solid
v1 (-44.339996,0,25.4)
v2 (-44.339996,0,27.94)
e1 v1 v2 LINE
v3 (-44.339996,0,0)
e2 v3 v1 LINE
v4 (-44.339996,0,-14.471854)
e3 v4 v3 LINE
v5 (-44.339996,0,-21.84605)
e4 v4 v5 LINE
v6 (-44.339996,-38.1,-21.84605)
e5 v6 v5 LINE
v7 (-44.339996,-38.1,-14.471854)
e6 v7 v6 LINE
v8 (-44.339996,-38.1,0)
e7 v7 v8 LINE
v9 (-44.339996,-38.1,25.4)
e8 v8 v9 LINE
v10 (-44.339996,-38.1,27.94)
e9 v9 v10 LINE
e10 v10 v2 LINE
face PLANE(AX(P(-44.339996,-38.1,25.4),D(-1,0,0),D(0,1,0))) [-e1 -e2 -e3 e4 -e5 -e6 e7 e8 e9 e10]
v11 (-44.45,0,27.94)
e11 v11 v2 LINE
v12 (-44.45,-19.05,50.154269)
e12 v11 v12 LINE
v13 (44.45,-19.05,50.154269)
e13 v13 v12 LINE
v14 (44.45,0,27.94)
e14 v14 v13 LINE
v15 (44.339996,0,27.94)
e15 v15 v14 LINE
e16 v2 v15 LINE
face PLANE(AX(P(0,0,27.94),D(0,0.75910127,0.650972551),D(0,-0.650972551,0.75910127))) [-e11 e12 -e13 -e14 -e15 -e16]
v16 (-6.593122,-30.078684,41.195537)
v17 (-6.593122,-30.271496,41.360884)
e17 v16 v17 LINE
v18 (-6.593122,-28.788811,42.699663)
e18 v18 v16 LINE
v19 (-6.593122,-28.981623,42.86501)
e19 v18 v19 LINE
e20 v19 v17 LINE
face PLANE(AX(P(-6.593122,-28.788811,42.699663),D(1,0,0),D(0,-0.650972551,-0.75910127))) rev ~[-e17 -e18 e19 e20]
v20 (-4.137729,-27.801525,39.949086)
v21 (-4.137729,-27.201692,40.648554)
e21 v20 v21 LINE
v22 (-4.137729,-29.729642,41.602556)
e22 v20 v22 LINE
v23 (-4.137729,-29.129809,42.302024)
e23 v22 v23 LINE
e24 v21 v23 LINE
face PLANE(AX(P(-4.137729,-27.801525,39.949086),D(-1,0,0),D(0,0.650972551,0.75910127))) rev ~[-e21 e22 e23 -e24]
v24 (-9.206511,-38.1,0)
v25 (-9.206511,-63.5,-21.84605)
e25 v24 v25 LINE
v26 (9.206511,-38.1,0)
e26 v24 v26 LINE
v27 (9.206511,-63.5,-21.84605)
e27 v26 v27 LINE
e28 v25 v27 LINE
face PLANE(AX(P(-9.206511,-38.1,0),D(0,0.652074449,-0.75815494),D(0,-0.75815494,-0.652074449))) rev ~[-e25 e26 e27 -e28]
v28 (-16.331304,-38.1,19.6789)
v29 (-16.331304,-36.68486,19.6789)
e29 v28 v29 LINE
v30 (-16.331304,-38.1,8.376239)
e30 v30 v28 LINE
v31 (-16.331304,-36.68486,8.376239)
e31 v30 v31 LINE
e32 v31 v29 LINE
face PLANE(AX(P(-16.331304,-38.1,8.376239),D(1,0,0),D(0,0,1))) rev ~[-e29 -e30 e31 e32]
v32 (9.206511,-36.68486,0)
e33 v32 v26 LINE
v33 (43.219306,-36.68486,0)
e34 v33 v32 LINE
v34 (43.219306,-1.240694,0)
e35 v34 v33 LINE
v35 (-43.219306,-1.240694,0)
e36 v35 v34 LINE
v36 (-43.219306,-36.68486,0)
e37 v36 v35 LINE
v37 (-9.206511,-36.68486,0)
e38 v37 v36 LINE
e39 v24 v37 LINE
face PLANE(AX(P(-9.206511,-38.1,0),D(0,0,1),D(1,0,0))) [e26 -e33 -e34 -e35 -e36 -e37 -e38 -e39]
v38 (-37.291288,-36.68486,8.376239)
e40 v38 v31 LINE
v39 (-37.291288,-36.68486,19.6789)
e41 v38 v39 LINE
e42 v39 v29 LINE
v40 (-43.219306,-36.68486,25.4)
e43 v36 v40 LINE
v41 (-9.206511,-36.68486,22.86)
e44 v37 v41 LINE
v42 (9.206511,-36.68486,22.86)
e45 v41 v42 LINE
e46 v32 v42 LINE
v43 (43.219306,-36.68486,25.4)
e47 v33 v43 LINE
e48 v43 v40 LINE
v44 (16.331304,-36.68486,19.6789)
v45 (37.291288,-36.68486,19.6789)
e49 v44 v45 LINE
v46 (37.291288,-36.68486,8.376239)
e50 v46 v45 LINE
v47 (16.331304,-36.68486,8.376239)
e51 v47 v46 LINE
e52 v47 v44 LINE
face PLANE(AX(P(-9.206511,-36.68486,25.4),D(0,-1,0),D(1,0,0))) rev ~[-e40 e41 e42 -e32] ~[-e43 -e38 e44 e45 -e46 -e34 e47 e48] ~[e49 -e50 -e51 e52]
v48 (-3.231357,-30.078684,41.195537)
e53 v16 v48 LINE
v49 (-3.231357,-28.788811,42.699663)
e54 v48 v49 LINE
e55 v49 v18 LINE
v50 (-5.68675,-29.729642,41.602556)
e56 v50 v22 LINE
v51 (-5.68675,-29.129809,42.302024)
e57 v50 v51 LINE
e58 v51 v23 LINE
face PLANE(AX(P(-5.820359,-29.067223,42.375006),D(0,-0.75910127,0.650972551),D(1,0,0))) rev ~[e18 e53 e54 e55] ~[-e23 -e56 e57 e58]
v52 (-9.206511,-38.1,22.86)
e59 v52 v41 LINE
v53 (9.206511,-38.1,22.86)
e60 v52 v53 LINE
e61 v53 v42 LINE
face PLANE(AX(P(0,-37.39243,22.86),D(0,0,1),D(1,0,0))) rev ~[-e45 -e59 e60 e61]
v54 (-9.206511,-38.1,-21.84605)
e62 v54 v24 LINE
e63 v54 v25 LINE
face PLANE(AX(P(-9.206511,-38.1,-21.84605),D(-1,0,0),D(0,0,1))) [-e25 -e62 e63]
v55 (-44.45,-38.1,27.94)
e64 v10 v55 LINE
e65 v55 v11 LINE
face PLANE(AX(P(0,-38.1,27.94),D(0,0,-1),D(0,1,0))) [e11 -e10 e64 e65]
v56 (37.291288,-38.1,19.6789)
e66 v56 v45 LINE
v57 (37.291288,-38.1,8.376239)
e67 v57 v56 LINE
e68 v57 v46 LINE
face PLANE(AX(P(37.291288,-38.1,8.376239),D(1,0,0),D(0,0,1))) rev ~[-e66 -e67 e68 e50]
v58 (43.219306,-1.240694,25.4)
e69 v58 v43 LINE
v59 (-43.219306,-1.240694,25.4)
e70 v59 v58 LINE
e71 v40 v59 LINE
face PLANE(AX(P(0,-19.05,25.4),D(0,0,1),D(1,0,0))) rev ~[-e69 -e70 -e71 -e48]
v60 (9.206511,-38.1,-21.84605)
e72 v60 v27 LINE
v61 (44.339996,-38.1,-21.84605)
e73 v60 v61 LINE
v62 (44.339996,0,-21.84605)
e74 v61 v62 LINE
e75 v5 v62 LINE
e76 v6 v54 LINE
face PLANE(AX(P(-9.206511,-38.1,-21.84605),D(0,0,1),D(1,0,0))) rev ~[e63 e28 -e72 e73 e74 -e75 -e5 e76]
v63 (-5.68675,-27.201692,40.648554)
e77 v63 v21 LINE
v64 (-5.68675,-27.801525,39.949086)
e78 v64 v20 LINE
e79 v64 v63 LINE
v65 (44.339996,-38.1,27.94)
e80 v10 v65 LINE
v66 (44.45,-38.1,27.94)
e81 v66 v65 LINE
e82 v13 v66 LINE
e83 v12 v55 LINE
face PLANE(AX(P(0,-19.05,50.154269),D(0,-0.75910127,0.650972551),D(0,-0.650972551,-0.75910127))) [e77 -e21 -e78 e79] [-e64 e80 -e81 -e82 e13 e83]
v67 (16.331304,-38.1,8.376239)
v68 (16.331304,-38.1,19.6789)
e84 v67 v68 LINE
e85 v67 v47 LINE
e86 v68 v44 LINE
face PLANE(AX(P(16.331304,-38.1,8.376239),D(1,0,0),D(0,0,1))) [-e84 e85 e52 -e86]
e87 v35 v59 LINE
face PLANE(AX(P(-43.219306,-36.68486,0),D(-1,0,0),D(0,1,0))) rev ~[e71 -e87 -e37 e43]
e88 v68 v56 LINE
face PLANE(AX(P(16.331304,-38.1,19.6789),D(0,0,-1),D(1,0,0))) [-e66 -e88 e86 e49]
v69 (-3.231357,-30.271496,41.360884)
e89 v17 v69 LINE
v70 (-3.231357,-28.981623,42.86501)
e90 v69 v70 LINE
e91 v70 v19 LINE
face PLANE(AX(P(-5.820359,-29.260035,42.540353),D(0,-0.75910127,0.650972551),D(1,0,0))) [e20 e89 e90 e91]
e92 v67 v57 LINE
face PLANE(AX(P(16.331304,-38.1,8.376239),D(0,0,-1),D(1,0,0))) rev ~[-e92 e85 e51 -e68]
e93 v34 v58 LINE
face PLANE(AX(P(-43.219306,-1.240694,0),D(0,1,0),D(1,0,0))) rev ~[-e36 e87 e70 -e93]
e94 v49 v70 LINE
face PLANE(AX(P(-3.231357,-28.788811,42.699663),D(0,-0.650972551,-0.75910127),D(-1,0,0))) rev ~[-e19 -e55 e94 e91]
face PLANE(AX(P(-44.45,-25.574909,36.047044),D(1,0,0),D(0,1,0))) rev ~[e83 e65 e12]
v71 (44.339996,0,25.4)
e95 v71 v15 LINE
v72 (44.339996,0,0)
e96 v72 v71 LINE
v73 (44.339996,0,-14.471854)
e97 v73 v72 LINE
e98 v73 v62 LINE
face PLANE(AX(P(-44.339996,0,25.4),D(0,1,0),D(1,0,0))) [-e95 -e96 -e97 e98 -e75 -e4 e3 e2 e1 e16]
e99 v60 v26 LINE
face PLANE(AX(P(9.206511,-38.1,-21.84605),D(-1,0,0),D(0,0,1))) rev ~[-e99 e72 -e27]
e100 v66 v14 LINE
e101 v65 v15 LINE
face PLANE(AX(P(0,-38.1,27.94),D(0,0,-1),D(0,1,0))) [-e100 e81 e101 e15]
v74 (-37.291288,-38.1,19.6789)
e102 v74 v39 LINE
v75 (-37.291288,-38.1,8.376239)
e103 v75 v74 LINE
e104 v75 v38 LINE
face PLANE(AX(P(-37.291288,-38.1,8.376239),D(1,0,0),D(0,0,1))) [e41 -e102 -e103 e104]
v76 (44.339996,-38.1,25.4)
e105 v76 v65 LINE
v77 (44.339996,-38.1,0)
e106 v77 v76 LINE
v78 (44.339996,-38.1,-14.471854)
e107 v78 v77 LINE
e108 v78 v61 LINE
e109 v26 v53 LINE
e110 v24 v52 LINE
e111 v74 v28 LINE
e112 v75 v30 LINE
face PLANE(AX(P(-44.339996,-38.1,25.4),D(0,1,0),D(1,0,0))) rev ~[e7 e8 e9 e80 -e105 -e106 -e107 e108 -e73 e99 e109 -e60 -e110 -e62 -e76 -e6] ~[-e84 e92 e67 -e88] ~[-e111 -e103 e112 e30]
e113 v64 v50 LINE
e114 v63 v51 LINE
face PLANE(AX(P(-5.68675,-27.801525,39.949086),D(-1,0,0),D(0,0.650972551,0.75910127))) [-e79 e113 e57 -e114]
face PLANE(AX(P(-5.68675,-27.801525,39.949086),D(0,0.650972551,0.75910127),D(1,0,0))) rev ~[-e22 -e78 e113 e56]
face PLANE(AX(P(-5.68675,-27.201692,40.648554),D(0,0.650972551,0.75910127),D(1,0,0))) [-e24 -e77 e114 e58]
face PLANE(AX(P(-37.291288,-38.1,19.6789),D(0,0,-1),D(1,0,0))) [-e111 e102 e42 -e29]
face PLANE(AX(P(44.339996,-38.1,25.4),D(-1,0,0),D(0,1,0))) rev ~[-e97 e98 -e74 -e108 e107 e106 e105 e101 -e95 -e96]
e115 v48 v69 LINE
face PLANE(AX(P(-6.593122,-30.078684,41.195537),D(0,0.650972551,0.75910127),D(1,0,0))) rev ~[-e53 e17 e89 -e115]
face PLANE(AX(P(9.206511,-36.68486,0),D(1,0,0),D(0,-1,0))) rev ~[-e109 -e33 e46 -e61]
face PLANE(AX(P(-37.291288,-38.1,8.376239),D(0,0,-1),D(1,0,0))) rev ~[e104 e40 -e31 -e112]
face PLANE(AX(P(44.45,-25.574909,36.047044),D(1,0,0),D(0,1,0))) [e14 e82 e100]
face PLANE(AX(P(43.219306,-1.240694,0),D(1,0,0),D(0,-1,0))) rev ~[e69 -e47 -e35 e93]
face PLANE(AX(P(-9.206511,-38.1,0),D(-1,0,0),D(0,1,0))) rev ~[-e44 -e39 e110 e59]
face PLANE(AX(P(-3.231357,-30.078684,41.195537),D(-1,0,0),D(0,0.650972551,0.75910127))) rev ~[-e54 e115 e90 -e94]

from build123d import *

# Parameters (mm, degrees)
F0_W      = 44.3399958313
F0_H      = 14.4718540832
F1_DEPTH  = 38.1
F2_W      = 34.0127944946
F2_H      = 1.2406939641
F2_W_2    = 18.4130221605
F3_DEPTH  = 25.4
F4_W      = 20.9599845111
F4_H      = 11.3026611507
F5_DEPTH  = 25.4
F6_W      = 18.4130221605
F6_H      = 1.415140456
F7_DEPTH  = 2.54
F8_W      = 18.4130221605
F8_H      = 21.8460503966
F9_DEPTH  = 25.4
F11_DEPTH = 25.4
F12_W     = 88.6799916625
F12_H     = 38.1
F13_DEPTH = 2.54
F15_DEPTH = 44.45
F16_W     = 31.7063815892
F16_H     = 38.1
F17_DEPTH = 25.4
F18_W     = 1.5490213409
F18_H     = 0.9214421734
F19_DEPTH = 2.54
F20_W     = 0.7745106705
F20_H     = 0.4545422271
F20_H_2   = 0.4668999463
F21_DEPTH = 0.254


with BuildPart() as f1:
    # F0 (on Front) → F1 (new body)
    with BuildSketch(Plane.XZ):
        with Locations((22.1699979156, -7.2359270416)):
            Rectangle(F0_W, F0_H)
        with Locations((-22.1699979156, -7.2359270416)):
            Rectangle(F0_W, F0_H)
        Polygon((44.3399958313, -14.4718540832), (0, -14.4718540832), (-44.3399958313, -14.4718540832), (-76.0463774204, -14.4718540832), (-76.0463774204, -21.8460503966), (0, -21.8460503966), (76.0463774204, -21.8460503966), (76.0463774204, -14.4718540832), align=None)
    extrude(amount=F1_DEPTH)

    # F2 (on face) → F3 (join)
    with BuildSketch(Plane.XY):
        with Locations((-26.2129083276, -0.620346982)):
            Rectangle(F2_W, F2_H)
        with Locations((0, -0.620346982)):
            Rectangle(F2_W_2, F2_H)
        with Locations((26.2129083276, -0.620346982)):
            Rectangle(F2_W, F2_H)
        Polygon((-43.2193055749, -1.2406939641), (-43.2193055749, 0), (-44.3399958313, 0), (-44.3399958313, -36.684859544), (-43.2193055749, -36.684859544), align=None)
        Polygon((-44.3399958313, -38.1), (-9.2065110803, -38.1), (-9.2065110803, -36.684859544), (-43.2193055749, -36.684859544), (-44.3399958313, -36.684859544), align=None)
        Polygon((44.3399958313, -38.1), (44.3399958313, -36.684859544), (43.2193055749, -36.684859544), (9.2065110803, -36.684859544), (9.2065110803, -38.1), align=None)
        Polygon((44.3399958313, -36.684859544), (44.3399958313, 0), (43.2193055749, 0), (43.2193055749, -1.2406939641), (43.2193055749, -36.684859544), align=None)
    extrude(amount=F3_DEPTH)

    # F4 (on face) → F5 (cut)
    with BuildSketch(Plane.XZ.offset(38.1)):
        with Locations((-26.8112961203, 14.027569443)):
            Rectangle(F4_W, F4_H)
        with Locations((26.8112961203, 14.027569443)):
            Rectangle(F4_W, F4_H)
    extrude(amount=-F5_DEPTH, mode=Mode.SUBTRACT)

    # F6 (on face) → F7 (join)
    with BuildSketch(Plane.XY.offset(25.4)):
        with Locations((0, -37.392429772)):
            Rectangle(F6_W, F6_H)
    extrude(amount=-F7_DEPTH)

    # F8 (on face) → F9 (join)
    with BuildSketch(Plane.XZ.offset(38.1)):
        with Locations((0, -10.9230251983)):
            Rectangle(F8_W, F8_H)
    extrude(amount=F9_DEPTH)

    # F10 (on face) → F11 (cut)
    with BuildSketch(Plane(origin=(-9.2065110803, 0, 0), x_dir=(0, -1, 0), z_dir=(-1, 0, 0))):
        Polygon((63.5, 0), (38.1, 0), (63.5, -21.8460503966), align=None)
    extrude(amount=-F11_DEPTH, mode=Mode.SUBTRACT)

    # F12 (on face) → F13 (join)
    with BuildSketch(Plane.XY.offset(25.4)):
        with Locations((0, -19.05)):
            Rectangle(F12_W, F12_H)
    extrude(amount=F13_DEPTH)

    # F14 (on Right) → F15 (join, symmetric)
    with BuildSketch(Plane.YZ):
        Polygon((-38.1, 27.94), (-19.05, 27.94), (-19.05, 50.1542687416), align=None)
        Polygon((-19.05, 27.94), (0, 27.94), (-19.05, 50.1542687416), align=None)
    extrude(amount=F15_DEPTH, both=True)

    # F16 (on face) → F17 (cut)
    with BuildSketch(Plane.XY.offset(-14.4718540832)):
        with Locations((60.1931866258, -19.05)):
            Rectangle(F16_W, F16_H)
        with Locations((-60.1931866258, -19.05)):
            Rectangle(F16_W, F16_H)
    extrude(amount=-F17_DEPTH, mode=Mode.SUBTRACT)

    # F18 (on face) → F19 (join)
    with BuildSketch(Plane(origin=(0, -35.7612087902, 30.6672722554), x_dir=(1, 0, 0), z_dir=(0, -0.7591012698, 0.650972551))):
        with Locations((-4.9122394994, 12.6880933531)):
            Rectangle(F18_W, F18_H)
    extrude(amount=F19_DEPTH)

    # F20 (on face) → F21 (join)
    with BuildSketch(Plane(origin=(0, -37.6893260156, 32.3207425348), x_dir=(1, 0, 0), z_dir=(0, -0.7591012698, 0.650972551))):
        Polygon((-5.6867501698, 13.1488144398), (-4.9122394994, 13.1488144398), (-4.9122394994, 13.6726424098), (-6.5931216814, 13.6726424098), (-6.5931216814, 12.6819144934), (-5.6867501698, 12.6819144934), align=None)
        Polygon((-4.9122394994, 13.1488144398), (-4.1377288289, 13.1488144398), (-4.1377288289, 12.6819144934), (-3.2313573174, 12.6819144934), (-3.2313573174, 13.6726424098), (-4.9122394994, 13.6726424098), align=None)
        Polygon((-3.2313573174, 12.6819144934), (-4.1377288289, 12.6819144934), (-4.1377288289, 12.2273722664), (-4.9122394994, 12.2273722664), (-4.9122394994, 11.6911865771), (-3.2313573174, 11.6911865771), align=None)
        with Locations((-5.2994948346, 12.4546433799)):
            Rectangle(F20_W, F20_H)
        with Locations((-5.2994948346, 12.9153644666)):
            Rectangle(F20_W, F20_H_2)
        with Locations((-4.5249841642, 12.9153644666)):
            Rectangle(F20_W, F20_H_2)
        with Locations((-4.5249841642, 12.4546433799)):
            Rectangle(F20_W, F20_H)
        Polygon((-5.6867501698, 12.2273722664), (-5.6867501698, 12.6819144934), (-6.5931216814, 12.6819144934), (-6.5931216814, 11.6911865771), (-4.9122394994, 11.6911865771), (-4.9122394994, 12.2273722664), align=None)
    extrude(amount=F21_DEPTH)


solid = f1.part
